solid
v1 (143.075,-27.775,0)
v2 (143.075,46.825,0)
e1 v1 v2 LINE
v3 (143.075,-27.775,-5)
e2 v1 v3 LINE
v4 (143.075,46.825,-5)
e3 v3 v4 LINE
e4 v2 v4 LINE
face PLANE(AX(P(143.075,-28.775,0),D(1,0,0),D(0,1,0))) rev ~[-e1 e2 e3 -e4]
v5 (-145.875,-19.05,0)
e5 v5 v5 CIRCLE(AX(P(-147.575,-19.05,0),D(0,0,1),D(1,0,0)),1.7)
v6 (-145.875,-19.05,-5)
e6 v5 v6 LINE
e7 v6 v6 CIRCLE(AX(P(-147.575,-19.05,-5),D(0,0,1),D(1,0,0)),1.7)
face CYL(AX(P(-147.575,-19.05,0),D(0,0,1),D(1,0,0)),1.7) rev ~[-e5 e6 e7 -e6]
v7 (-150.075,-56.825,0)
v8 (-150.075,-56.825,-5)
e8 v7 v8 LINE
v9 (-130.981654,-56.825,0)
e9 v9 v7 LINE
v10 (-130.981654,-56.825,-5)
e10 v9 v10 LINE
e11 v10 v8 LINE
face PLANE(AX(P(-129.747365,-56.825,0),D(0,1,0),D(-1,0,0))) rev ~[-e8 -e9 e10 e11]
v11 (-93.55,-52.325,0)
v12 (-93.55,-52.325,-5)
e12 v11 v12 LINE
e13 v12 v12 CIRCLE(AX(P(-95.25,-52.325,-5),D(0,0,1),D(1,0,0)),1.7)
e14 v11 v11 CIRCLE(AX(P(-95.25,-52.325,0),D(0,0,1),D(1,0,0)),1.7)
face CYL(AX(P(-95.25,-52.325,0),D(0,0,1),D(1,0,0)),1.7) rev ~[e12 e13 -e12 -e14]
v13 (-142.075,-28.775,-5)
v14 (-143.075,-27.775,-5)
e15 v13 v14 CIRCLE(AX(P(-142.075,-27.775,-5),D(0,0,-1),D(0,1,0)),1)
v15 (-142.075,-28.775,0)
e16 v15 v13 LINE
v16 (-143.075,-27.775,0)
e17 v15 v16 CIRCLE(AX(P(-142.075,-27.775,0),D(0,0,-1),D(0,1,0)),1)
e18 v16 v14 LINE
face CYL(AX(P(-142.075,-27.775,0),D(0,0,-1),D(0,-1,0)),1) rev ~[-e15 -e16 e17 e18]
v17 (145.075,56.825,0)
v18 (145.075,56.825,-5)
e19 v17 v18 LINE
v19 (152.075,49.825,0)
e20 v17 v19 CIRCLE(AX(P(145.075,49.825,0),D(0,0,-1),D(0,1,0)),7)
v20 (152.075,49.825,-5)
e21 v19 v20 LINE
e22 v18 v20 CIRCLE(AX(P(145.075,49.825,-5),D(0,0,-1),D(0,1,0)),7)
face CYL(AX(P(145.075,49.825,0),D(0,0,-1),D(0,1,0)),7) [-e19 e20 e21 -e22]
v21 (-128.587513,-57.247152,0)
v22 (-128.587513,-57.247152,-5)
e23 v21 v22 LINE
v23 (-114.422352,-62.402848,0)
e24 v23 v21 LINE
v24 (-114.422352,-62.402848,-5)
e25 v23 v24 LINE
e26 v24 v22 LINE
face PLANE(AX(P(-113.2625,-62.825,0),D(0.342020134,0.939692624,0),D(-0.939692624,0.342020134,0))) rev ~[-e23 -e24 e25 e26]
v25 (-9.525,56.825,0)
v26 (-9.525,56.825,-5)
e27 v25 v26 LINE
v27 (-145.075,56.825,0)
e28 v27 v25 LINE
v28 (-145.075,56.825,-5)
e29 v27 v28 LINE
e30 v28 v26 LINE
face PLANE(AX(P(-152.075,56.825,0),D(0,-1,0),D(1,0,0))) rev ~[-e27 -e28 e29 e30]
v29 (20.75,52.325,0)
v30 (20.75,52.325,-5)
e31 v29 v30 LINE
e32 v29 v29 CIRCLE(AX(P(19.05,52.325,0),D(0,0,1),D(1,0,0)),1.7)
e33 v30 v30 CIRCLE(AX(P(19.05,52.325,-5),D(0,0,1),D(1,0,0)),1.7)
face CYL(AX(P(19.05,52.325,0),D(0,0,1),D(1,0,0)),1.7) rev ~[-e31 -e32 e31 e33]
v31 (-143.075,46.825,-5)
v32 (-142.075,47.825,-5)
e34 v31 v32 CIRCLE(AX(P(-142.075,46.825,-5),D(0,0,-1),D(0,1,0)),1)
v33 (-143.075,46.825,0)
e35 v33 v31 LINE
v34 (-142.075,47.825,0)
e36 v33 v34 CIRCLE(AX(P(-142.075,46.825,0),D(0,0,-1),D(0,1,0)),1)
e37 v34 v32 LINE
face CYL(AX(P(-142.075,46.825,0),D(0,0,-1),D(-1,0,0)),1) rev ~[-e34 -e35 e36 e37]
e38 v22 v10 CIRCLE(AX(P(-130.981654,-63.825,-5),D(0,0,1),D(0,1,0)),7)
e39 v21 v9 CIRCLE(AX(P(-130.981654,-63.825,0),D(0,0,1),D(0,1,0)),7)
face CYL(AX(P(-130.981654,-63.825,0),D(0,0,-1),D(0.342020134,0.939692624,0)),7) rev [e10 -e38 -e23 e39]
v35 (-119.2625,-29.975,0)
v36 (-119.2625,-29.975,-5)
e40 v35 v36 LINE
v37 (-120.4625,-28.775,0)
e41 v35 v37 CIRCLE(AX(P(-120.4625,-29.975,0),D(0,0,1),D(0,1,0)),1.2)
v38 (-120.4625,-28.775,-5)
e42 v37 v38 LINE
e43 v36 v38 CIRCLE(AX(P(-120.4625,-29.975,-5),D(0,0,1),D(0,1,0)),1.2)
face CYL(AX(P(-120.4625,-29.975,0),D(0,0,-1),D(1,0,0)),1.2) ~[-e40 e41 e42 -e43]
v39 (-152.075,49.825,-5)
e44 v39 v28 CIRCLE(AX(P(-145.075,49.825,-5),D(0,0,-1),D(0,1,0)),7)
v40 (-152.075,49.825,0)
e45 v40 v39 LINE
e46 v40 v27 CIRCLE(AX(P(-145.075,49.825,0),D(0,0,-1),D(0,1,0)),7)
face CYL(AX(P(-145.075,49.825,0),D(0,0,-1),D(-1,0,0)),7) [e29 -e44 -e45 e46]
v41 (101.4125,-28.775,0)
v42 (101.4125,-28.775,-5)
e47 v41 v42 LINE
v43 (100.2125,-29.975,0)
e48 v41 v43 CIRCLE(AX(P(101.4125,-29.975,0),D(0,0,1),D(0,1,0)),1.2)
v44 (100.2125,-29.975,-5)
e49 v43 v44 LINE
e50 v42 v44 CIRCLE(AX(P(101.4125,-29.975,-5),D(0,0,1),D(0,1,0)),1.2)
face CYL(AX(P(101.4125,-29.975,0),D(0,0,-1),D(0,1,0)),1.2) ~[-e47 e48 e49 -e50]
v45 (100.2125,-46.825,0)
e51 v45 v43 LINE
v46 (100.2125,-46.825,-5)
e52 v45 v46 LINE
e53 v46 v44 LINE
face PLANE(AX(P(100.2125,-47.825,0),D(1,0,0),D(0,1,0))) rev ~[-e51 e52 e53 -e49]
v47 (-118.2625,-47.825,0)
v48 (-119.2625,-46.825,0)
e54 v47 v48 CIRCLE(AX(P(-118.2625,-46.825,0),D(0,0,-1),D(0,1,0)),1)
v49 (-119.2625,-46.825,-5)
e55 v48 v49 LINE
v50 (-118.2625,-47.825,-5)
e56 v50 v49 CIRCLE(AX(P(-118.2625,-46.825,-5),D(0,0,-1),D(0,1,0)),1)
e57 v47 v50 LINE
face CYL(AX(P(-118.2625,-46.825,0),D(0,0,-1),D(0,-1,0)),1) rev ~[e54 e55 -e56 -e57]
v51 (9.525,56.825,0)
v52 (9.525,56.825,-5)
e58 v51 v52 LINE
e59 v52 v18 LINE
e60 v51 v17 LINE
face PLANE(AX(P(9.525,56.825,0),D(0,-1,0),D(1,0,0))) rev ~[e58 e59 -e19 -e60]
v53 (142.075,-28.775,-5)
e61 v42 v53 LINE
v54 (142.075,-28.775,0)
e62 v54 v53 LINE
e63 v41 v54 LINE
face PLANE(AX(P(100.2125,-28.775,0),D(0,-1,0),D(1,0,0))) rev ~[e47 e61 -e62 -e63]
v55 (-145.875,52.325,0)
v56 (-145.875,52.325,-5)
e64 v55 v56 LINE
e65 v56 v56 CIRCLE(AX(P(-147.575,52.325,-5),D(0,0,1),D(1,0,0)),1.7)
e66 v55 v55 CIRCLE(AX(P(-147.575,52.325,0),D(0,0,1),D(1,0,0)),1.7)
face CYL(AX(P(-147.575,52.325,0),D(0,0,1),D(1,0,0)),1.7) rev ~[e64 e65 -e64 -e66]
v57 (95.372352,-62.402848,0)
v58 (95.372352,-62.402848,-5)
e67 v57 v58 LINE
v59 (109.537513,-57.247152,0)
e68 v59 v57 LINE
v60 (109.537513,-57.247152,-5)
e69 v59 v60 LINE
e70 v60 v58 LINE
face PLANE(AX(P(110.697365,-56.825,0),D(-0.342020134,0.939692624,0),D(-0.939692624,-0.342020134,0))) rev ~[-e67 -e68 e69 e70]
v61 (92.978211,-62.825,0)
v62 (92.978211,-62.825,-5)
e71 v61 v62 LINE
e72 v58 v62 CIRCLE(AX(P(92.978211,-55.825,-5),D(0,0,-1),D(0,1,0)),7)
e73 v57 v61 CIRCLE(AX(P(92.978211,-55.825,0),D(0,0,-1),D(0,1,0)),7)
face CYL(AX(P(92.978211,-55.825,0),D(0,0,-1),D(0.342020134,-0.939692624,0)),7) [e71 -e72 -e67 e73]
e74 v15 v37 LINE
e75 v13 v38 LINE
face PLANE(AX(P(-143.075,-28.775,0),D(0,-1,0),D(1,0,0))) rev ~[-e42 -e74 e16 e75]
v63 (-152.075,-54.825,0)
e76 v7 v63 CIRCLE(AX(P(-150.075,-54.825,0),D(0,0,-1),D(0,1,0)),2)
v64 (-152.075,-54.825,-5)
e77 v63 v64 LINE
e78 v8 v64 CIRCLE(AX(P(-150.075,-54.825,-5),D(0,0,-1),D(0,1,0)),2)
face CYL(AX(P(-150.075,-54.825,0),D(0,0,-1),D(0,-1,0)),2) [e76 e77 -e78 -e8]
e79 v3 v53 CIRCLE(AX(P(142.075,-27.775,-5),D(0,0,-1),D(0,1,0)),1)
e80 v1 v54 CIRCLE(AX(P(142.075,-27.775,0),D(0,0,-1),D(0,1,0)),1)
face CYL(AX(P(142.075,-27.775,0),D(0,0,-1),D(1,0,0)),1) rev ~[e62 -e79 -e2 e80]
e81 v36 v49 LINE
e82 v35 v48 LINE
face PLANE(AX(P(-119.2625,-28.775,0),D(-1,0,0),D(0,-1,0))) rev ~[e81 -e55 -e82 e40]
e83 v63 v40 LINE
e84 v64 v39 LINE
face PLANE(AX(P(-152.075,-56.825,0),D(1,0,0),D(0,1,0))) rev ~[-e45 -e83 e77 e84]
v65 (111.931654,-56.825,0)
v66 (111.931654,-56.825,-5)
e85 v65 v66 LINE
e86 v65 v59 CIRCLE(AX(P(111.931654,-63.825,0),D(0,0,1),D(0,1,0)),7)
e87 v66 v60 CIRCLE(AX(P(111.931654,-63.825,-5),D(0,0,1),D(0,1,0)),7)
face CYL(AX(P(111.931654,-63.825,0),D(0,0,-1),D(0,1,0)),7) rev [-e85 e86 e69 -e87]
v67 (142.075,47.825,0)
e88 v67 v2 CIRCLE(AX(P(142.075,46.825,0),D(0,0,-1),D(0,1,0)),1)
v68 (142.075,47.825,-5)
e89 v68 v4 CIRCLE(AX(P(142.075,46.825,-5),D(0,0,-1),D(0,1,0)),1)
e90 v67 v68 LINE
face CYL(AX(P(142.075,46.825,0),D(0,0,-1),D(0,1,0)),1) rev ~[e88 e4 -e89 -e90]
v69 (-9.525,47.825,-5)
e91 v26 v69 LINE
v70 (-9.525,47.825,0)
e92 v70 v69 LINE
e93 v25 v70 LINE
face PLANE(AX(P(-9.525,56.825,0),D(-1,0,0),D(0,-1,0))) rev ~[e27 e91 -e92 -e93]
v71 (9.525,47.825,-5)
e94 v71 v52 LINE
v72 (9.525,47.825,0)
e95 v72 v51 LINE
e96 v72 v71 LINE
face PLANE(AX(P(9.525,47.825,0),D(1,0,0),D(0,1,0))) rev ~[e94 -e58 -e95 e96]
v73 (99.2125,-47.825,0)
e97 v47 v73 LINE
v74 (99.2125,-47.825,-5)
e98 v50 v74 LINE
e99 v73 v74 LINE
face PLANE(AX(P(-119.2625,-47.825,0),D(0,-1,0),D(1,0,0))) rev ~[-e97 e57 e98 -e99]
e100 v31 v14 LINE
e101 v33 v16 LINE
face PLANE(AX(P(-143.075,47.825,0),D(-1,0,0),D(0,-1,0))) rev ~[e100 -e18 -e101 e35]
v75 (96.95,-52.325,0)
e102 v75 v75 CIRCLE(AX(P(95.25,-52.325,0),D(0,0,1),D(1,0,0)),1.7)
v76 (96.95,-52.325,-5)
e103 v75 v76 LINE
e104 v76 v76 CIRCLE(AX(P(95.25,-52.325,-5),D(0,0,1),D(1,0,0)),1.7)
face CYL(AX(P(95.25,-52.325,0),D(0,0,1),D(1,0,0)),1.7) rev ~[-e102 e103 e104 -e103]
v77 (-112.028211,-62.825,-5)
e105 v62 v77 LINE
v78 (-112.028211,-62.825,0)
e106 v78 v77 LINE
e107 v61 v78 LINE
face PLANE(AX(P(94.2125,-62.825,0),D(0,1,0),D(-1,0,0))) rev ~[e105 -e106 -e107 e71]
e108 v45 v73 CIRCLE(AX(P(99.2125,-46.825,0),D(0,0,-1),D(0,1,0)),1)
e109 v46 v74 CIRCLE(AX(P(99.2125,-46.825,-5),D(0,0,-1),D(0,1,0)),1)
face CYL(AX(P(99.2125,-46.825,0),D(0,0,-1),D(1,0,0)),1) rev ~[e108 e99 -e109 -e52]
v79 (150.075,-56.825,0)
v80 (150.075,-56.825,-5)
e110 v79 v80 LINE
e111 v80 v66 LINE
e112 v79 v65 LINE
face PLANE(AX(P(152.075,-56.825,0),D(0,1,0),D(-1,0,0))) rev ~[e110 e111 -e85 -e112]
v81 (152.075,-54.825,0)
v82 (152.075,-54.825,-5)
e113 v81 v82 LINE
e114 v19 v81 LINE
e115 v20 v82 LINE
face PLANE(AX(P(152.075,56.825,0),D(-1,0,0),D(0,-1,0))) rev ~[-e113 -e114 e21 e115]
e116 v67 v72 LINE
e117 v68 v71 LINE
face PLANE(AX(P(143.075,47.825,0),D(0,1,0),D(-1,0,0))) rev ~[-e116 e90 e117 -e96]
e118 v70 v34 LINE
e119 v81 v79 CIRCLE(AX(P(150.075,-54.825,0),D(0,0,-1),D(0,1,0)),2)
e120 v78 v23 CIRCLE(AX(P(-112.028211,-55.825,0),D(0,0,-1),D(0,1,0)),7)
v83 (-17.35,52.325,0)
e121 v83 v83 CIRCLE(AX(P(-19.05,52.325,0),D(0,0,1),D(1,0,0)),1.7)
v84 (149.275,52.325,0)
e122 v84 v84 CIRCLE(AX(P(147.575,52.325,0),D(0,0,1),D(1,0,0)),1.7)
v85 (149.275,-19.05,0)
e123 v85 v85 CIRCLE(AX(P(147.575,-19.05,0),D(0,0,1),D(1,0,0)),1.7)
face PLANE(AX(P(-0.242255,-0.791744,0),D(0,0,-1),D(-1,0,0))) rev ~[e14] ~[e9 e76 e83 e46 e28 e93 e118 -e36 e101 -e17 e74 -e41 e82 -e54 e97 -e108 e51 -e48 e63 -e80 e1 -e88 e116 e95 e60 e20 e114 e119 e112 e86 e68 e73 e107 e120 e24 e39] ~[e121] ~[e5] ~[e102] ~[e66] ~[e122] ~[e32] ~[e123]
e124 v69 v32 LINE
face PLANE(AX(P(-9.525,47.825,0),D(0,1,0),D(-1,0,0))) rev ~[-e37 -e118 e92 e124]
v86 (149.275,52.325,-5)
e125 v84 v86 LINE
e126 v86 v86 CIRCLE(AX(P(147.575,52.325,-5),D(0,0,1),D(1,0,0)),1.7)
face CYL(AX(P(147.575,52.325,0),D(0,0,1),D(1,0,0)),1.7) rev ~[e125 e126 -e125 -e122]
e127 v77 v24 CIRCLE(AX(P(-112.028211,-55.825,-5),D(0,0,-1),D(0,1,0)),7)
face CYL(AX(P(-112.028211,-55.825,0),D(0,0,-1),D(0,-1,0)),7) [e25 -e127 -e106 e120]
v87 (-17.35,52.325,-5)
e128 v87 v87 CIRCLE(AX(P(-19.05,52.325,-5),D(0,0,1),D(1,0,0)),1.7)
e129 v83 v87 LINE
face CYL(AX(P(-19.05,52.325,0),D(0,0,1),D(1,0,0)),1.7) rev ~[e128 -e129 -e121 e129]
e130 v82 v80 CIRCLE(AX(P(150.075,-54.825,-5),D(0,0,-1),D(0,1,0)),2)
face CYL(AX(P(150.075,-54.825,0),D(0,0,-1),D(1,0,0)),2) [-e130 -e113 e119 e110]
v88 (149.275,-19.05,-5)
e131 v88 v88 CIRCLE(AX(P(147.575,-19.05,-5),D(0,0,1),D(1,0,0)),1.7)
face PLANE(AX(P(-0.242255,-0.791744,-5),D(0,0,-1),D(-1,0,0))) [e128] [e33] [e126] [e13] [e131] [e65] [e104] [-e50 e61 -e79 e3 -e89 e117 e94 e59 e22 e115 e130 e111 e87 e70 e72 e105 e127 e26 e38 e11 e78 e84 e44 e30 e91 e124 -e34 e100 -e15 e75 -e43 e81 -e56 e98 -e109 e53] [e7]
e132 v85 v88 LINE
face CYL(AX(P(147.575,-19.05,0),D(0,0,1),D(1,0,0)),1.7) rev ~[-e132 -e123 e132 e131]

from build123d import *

# Parameters (mm, degrees)
PAD001_DEPTH  = 5
FILLET004_R   = 7
FILLET013_R   = 2
FILLET005_R   = 1
FILLET006_R   = 1.2
SKETCH014_R   = 1.7
HOLE003_DEPTH = 25


with BuildPart() as part:
    # Sketch001 → Pad001 (new body)
    with BuildSketch(Plane.XY):
        Polygon((-9.525, 56.825), (-9.525, 47.825), (-143.075, 47.825), (-143.075, -28.775), (-119.2625, -28.775), (-119.2625, -47.825), (100.2125, -47.825), (100.2125, -28.775), (143.075, -28.775), (143.075, 47.825), (9.525, 47.825), (9.525, 56.825), (152.075, 56.825), (152.075, -56.825), (110.697365, -56.825), (94.2125, -62.825), (-113.2625, -62.825), (-129.747365, -56.825), (-152.075, -56.825), (-152.075, 56.825), align=None)
    extrude(amount=-PAD001_DEPTH)

    # Fillet004
    fillet004_edges = [part.edges().sort_by_distance(p)[0] for p in [
        (152.075, 56.825, -2.5),
        (-152.075, 56.825, -2.5),
        (-129.747365, -56.825, -2.5),
        (-113.2625, -62.825, -2.5),
        (94.2125, -62.825, -2.5),
        (110.697365, -56.825, -2.5),
    ]]
    fillet(fillet004_edges, radius=FILLET004_R)

    # Fillet013
    fillet013_edges = [part.edges().sort_by_distance(p)[0] for p in [
        (-152.075, -56.825, -2.5),
        (152.075, -56.825, -2.5),
    ]]
    fillet(fillet013_edges, radius=FILLET013_R)

    # Fillet005
    fillet005_edges = [part.edges().sort_by_distance(p)[0] for p in [
        (143.075, 47.825, -2.5),
        (-143.075, 47.825, -2.5),
        (-143.075, -28.775, -2.5),
        (-119.2625, -47.825, -2.5),
        (100.2125, -47.825, -2.5),
        (143.075, -28.775, -2.5),
    ]]
    fillet(fillet005_edges, radius=FILLET005_R)

    # Fillet006
    fillet006_edges = [part.edges().sort_by_distance(p)[0] for p in [
        (100.2125, -28.775, -2.5),
        (-119.2625, -28.775, -2.5),
    ]]
    fillet(fillet006_edges, radius=FILLET006_R)

    # Sketch014 (on Face1 of Fillet006) → Hole003 (cut)
    with BuildSketch(Plane.XY):
        with Locations((147.575, 52.325)):
            Circle(SKETCH014_R)
        with Locations((147.575, -19.05)):
            Circle(SKETCH014_R)
        with Locations((95.25, -52.325)):
            Circle(SKETCH014_R)
        with Locations((-95.25, -52.325)):
            Circle(SKETCH014_R)
        with Locations((-147.575, -19.05)):
            Circle(SKETCH014_R)
        with Locations((-147.575, 52.325)):
            Circle(SKETCH014_R)
        with Locations((-19.05, 52.325)):
            Circle(SKETCH014_R)
        with Locations((19.05, 52.325)):
            Circle(SKETCH014_R)
    extrude(amount=-HOLE003_DEPTH, mode=Mode.SUBTRACT)


solid = part.part
